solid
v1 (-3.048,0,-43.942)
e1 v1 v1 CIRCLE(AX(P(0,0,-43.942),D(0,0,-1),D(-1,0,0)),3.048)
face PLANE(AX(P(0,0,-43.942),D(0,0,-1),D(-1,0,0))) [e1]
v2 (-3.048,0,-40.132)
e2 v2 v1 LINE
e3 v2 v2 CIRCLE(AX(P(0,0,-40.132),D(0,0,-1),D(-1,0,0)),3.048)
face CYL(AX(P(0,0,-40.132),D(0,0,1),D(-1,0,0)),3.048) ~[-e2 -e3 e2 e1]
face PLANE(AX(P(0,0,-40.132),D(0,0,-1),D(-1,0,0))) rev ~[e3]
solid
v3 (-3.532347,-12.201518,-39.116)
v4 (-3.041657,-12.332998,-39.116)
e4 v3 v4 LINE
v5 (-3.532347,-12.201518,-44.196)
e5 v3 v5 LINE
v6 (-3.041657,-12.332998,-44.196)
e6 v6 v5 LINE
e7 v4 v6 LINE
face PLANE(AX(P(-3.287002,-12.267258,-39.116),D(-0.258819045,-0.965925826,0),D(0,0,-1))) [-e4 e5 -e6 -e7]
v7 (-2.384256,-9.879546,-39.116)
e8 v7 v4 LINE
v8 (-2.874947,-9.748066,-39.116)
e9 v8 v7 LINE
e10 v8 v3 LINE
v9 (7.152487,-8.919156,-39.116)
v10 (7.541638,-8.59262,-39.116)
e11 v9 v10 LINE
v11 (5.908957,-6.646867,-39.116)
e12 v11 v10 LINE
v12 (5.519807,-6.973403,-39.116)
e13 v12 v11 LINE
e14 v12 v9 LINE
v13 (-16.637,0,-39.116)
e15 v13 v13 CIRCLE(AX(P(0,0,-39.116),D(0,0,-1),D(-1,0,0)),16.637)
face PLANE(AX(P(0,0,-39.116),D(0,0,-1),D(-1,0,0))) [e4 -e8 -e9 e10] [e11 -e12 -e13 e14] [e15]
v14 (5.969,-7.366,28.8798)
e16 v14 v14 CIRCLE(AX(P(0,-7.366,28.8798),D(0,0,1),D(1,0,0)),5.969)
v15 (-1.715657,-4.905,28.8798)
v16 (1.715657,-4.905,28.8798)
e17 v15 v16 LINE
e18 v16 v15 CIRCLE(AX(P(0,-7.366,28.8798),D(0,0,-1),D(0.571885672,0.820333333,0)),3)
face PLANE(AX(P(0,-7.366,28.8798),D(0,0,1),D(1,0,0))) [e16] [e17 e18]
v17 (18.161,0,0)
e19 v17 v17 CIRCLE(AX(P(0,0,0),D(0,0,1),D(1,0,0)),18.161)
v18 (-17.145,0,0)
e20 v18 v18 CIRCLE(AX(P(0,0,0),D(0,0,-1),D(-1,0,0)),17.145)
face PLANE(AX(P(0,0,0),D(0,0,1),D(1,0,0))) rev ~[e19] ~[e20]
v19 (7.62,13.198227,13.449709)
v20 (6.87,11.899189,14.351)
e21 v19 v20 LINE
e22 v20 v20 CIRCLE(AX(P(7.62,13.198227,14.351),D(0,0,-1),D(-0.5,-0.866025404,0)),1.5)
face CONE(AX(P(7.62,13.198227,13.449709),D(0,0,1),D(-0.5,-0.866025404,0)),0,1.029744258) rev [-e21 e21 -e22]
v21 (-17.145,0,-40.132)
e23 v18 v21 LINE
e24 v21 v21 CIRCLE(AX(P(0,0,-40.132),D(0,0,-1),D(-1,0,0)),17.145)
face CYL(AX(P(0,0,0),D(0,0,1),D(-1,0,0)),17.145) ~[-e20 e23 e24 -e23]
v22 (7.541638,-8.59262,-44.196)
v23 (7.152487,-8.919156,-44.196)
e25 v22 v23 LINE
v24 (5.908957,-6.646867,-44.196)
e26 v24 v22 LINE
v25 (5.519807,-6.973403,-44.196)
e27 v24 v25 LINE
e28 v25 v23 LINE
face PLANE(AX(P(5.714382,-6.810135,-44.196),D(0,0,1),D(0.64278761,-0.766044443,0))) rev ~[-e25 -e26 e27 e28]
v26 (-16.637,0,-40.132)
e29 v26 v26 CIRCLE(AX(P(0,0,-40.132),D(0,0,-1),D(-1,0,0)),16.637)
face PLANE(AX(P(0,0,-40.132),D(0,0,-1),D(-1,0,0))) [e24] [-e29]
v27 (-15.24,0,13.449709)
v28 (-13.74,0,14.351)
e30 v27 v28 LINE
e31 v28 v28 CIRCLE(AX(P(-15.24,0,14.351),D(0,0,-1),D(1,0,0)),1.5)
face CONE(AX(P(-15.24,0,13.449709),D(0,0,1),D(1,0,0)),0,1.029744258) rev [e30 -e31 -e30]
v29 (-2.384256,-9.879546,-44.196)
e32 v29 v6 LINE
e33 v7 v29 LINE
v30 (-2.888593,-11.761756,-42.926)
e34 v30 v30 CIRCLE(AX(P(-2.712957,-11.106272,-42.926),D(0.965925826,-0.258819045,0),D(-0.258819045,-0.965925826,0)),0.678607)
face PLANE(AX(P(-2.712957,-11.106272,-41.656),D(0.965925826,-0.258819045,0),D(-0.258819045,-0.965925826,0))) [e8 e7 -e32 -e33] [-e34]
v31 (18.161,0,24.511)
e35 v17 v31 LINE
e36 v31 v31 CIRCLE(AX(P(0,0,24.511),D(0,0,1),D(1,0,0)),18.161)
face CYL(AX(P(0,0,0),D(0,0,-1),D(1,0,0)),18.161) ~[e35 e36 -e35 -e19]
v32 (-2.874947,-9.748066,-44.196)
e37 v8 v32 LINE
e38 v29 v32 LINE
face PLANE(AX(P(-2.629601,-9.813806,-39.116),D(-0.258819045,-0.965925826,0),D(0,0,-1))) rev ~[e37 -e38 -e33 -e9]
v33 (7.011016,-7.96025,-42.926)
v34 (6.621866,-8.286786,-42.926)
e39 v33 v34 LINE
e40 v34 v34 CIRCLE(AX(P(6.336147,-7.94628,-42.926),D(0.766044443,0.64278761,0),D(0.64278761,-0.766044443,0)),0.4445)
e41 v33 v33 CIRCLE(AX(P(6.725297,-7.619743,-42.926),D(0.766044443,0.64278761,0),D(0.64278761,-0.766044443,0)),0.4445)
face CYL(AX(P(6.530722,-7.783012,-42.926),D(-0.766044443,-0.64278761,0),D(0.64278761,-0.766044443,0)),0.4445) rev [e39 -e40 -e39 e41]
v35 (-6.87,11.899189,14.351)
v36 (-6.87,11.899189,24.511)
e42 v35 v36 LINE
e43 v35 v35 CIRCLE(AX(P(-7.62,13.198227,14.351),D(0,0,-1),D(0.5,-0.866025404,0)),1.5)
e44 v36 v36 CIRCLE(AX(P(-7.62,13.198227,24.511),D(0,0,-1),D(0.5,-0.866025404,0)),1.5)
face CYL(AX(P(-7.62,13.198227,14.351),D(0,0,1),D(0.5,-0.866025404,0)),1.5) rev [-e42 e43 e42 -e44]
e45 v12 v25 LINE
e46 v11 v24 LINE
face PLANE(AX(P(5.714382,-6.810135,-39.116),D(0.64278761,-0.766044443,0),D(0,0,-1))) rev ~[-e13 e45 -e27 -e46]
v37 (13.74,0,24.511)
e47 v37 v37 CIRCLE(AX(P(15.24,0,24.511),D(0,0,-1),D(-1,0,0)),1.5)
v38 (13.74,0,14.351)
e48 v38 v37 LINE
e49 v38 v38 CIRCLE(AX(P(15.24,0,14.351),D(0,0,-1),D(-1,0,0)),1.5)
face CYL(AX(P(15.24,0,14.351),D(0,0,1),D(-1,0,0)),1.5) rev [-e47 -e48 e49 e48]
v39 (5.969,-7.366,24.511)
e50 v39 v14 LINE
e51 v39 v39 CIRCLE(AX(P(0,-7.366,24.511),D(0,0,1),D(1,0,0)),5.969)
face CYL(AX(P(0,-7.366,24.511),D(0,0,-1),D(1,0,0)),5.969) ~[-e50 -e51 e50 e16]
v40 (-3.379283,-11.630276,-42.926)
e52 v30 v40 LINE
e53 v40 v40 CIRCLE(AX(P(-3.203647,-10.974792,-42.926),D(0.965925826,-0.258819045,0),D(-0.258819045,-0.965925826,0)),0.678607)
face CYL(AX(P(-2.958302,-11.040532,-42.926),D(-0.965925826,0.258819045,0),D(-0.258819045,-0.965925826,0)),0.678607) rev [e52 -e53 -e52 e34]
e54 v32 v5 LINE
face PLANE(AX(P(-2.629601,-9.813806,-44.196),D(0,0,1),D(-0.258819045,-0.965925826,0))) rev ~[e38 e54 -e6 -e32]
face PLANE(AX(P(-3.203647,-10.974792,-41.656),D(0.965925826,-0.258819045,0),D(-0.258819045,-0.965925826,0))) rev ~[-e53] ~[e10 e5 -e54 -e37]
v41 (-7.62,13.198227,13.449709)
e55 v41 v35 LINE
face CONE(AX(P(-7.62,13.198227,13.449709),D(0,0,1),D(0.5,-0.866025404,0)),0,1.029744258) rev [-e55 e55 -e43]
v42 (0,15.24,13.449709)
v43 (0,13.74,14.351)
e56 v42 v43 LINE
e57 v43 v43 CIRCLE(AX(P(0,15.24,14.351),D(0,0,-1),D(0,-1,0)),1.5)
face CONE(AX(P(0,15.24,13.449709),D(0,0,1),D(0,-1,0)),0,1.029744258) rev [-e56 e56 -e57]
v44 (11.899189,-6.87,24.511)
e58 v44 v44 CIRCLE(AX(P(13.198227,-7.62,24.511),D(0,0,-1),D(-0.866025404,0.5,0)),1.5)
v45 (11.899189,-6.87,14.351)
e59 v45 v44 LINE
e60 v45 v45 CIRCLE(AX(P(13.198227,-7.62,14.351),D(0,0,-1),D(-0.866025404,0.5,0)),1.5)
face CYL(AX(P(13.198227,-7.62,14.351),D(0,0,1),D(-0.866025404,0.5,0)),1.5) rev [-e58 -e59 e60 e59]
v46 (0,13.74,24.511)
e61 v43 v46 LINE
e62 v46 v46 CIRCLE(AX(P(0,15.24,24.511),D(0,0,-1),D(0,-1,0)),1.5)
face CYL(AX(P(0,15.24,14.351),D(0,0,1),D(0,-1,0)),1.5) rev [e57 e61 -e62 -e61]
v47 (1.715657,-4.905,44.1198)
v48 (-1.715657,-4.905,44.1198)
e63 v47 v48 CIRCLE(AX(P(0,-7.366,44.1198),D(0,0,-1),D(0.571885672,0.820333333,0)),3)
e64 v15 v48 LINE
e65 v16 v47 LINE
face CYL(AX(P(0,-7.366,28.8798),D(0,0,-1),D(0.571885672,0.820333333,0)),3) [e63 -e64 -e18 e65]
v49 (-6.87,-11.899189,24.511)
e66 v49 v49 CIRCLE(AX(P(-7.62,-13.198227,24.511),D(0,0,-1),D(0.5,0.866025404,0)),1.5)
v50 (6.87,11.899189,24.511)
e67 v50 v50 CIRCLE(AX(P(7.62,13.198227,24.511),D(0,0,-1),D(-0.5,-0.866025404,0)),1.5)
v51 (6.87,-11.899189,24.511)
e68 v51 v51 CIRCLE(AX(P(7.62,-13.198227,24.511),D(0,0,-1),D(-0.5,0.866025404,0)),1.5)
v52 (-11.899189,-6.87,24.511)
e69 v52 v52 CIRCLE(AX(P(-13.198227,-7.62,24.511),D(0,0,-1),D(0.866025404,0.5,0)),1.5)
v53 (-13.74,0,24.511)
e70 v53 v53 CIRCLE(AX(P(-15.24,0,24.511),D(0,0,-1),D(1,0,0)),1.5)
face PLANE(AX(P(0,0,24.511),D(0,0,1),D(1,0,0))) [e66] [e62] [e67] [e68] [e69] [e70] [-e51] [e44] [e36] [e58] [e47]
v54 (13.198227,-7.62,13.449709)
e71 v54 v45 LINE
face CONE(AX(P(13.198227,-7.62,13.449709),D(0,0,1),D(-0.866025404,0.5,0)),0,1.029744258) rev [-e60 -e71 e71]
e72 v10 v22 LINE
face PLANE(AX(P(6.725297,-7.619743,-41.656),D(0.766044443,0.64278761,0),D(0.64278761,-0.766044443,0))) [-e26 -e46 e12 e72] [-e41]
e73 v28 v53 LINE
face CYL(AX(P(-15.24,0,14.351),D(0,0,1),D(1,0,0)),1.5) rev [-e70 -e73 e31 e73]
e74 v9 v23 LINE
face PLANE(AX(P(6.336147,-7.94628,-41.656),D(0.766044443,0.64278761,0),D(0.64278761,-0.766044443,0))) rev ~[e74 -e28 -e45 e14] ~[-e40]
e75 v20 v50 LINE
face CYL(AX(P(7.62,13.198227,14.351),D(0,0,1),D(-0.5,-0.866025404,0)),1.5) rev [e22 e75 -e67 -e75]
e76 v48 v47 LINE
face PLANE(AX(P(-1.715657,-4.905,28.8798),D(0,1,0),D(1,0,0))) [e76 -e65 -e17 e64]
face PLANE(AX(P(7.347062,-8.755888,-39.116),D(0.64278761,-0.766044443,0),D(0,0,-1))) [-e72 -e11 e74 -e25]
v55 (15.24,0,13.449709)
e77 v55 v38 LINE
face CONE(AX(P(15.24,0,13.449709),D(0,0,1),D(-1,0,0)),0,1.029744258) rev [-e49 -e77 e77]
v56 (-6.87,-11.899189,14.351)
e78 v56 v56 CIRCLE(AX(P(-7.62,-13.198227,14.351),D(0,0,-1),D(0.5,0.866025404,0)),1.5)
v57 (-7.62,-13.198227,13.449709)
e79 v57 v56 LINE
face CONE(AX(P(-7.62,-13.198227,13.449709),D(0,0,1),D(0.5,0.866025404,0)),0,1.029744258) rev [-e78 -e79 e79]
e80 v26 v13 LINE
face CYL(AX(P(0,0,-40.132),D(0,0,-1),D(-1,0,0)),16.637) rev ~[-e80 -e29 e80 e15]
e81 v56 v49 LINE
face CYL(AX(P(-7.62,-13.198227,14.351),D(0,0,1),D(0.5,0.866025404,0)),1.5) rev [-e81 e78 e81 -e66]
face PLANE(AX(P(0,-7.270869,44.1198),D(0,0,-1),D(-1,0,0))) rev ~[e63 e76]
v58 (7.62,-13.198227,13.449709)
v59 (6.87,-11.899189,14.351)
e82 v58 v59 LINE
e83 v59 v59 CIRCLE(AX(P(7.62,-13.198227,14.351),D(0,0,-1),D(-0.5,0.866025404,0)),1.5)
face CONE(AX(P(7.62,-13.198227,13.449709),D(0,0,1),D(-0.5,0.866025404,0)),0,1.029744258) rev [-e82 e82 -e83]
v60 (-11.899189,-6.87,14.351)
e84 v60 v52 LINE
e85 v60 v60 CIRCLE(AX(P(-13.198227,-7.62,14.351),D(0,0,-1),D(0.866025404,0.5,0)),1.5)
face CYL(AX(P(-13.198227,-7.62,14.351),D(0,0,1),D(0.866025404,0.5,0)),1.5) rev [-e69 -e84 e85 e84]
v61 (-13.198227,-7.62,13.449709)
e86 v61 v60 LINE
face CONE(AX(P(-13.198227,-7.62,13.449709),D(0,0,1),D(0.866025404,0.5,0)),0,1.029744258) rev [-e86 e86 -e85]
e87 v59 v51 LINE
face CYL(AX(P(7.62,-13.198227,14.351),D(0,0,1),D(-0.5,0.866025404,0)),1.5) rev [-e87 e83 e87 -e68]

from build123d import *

# Parameters (mm, degrees)
SKETCH1_R           = 18.161
BOSS_EXTRUDE1_DEPTH = 24.511
SKETCH5_R           = 5.969
BOSS_EXTRUDE5_DEPTH = 4.3688
BOSS_EXTRUDE6_DEPTH = 15.24
CIRPATTERN2_COUNT   = 12
SKETCH2_R           = 17.145
BOSS_EXTRUDE2_DEPTH = 40.132
SKETCH3_R           = 3.048
BOSS_EXTRUDE3_DEPTH = 3.81
SKETCH13_R          = 16.637
CUT_EXTRUDE1_DEPTH  = 1.016
SKETCH15_W          = 2.54
SKETCH15_H          = 5.08
SKETCH15_R          = 0.4445
BOSS_EXTRUDE7_DEPTH = 0.254
SKETCH16_W          = 2.54
SKETCH16_H          = 5.08
SKETCH16_R          = 0.678606607
BOSS_EXTRUDE8_DEPTH = 0.254


with BuildPart() as part:
    # Sketch1 → Boss-Extrude1 (new body)
    with BuildSketch(Plane.XY):
        Circle(SKETCH1_R)
    extrude(amount=BOSS_EXTRUDE1_DEPTH)

    # Sketch5 → Boss-Extrude5 (add)
    with BuildSketch(Plane.XY.offset(24.511)):
        with Locations((0, -7.366)):
            Circle(SKETCH5_R)
    extrude(amount=BOSS_EXTRUDE5_DEPTH)

    # Sketch6 → Boss-Extrude6 (add)
    with BuildSketch(Plane.XY.offset(28.8798)):
        with BuildLine():
            Line((-1.715657017, -4.905), (1.715657017, -4.905))
            ThreePointArc((1.715657017, -4.905), (0, -10.366), (-1.715657017, -4.905))
        make_face()
    extrude(amount=BOSS_EXTRUDE6_DEPTH)

    # Sketch12 → Ø3.0mm Dowel Hole1 (revolve, cut)
    with BuildSketch(Plane(origin=(0, 15.24, 24.511), x_dir=(0, -1, 0), z_dir=(1, 0, 0))):
        Polygon((0, 0), (0, 11.061290929), (1.5, 10.16), (1.5, 0), align=None)
    f_3_0mm_dowel_hole1 = revolve(axis=Axis((0, 15.24, 30.861), (0, 0, -1)), mode=Mode.SUBTRACT)

    # CirPattern2: Ø3.0mm Dowel Hole1 ×12 about axis, 3 skipped
    cirpattern2_axis = Axis((0, 0, 0), (0, 0, -1))
    add([f_3_0mm_dowel_hole1.rotate(cirpattern2_axis, i * 360 / CIRPATTERN2_COUNT) for i in range(1, CIRPATTERN2_COUNT) if i not in (2, 6, 10)], mode=Mode.SUBTRACT)

    # Sketch2 → Boss-Extrude2 (add)
    with BuildSketch(Plane(origin=(0, 0, 0), x_dir=(-1, 0, 0), z_dir=(0, 0, -1))):
        Circle(SKETCH2_R)
    extrude(amount=BOSS_EXTRUDE2_DEPTH)

    # Sketch3 → Boss-Extrude3 (add)
    with BuildSketch(Plane(origin=(0, 0, -40.132), x_dir=(-1, 0, 0), z_dir=(0, 0, -1))):
        Circle(SKETCH3_R)
    extrude(amount=BOSS_EXTRUDE3_DEPTH)

    # Sketch13 → Cut-Extrude1 (cut)
    with BuildSketch(Plane(origin=(0, 0, -40.132), x_dir=(-1, 0, 0), z_dir=(0, 0, -1))):
        Circle(SKETCH13_R)
    extrude(amount=-CUT_EXTRUDE1_DEPTH, mode=Mode.SUBTRACT)

    # Sketch15 → Boss-Extrude7 (add, symmetric)
    with BuildSketch(Plane(origin=(0, 0, 0), x_dir=(0.64278761, -0.766044443, 0), z_dir=(0.766044443, 0.64278761, 0))):
        with Locations((10.16, 41.656)):
            Rectangle(SKETCH15_W, SKETCH15_H)
        with Locations((10.16, 42.926)):
            Circle(SKETCH15_R, mode=Mode.SUBTRACT)
    extrude(amount=BOSS_EXTRUDE7_DEPTH, both=True)

    # Sketch16 → Boss-Extrude8 (add, symmetric)
    with BuildSketch(Plane(origin=(0, 0, 0), x_dir=(-0.258819045, -0.965925826, 0), z_dir=(0.965925826, -0.258819045, 0))):
        with Locations((11.43, 41.656)):
            Rectangle(SKETCH16_W, SKETCH16_H)
        with Locations((11.43, 42.926)):
            Circle(SKETCH16_R, mode=Mode.SUBTRACT)
    extrude(amount=BOSS_EXTRUDE8_DEPTH, both=True)


solid = part.part
